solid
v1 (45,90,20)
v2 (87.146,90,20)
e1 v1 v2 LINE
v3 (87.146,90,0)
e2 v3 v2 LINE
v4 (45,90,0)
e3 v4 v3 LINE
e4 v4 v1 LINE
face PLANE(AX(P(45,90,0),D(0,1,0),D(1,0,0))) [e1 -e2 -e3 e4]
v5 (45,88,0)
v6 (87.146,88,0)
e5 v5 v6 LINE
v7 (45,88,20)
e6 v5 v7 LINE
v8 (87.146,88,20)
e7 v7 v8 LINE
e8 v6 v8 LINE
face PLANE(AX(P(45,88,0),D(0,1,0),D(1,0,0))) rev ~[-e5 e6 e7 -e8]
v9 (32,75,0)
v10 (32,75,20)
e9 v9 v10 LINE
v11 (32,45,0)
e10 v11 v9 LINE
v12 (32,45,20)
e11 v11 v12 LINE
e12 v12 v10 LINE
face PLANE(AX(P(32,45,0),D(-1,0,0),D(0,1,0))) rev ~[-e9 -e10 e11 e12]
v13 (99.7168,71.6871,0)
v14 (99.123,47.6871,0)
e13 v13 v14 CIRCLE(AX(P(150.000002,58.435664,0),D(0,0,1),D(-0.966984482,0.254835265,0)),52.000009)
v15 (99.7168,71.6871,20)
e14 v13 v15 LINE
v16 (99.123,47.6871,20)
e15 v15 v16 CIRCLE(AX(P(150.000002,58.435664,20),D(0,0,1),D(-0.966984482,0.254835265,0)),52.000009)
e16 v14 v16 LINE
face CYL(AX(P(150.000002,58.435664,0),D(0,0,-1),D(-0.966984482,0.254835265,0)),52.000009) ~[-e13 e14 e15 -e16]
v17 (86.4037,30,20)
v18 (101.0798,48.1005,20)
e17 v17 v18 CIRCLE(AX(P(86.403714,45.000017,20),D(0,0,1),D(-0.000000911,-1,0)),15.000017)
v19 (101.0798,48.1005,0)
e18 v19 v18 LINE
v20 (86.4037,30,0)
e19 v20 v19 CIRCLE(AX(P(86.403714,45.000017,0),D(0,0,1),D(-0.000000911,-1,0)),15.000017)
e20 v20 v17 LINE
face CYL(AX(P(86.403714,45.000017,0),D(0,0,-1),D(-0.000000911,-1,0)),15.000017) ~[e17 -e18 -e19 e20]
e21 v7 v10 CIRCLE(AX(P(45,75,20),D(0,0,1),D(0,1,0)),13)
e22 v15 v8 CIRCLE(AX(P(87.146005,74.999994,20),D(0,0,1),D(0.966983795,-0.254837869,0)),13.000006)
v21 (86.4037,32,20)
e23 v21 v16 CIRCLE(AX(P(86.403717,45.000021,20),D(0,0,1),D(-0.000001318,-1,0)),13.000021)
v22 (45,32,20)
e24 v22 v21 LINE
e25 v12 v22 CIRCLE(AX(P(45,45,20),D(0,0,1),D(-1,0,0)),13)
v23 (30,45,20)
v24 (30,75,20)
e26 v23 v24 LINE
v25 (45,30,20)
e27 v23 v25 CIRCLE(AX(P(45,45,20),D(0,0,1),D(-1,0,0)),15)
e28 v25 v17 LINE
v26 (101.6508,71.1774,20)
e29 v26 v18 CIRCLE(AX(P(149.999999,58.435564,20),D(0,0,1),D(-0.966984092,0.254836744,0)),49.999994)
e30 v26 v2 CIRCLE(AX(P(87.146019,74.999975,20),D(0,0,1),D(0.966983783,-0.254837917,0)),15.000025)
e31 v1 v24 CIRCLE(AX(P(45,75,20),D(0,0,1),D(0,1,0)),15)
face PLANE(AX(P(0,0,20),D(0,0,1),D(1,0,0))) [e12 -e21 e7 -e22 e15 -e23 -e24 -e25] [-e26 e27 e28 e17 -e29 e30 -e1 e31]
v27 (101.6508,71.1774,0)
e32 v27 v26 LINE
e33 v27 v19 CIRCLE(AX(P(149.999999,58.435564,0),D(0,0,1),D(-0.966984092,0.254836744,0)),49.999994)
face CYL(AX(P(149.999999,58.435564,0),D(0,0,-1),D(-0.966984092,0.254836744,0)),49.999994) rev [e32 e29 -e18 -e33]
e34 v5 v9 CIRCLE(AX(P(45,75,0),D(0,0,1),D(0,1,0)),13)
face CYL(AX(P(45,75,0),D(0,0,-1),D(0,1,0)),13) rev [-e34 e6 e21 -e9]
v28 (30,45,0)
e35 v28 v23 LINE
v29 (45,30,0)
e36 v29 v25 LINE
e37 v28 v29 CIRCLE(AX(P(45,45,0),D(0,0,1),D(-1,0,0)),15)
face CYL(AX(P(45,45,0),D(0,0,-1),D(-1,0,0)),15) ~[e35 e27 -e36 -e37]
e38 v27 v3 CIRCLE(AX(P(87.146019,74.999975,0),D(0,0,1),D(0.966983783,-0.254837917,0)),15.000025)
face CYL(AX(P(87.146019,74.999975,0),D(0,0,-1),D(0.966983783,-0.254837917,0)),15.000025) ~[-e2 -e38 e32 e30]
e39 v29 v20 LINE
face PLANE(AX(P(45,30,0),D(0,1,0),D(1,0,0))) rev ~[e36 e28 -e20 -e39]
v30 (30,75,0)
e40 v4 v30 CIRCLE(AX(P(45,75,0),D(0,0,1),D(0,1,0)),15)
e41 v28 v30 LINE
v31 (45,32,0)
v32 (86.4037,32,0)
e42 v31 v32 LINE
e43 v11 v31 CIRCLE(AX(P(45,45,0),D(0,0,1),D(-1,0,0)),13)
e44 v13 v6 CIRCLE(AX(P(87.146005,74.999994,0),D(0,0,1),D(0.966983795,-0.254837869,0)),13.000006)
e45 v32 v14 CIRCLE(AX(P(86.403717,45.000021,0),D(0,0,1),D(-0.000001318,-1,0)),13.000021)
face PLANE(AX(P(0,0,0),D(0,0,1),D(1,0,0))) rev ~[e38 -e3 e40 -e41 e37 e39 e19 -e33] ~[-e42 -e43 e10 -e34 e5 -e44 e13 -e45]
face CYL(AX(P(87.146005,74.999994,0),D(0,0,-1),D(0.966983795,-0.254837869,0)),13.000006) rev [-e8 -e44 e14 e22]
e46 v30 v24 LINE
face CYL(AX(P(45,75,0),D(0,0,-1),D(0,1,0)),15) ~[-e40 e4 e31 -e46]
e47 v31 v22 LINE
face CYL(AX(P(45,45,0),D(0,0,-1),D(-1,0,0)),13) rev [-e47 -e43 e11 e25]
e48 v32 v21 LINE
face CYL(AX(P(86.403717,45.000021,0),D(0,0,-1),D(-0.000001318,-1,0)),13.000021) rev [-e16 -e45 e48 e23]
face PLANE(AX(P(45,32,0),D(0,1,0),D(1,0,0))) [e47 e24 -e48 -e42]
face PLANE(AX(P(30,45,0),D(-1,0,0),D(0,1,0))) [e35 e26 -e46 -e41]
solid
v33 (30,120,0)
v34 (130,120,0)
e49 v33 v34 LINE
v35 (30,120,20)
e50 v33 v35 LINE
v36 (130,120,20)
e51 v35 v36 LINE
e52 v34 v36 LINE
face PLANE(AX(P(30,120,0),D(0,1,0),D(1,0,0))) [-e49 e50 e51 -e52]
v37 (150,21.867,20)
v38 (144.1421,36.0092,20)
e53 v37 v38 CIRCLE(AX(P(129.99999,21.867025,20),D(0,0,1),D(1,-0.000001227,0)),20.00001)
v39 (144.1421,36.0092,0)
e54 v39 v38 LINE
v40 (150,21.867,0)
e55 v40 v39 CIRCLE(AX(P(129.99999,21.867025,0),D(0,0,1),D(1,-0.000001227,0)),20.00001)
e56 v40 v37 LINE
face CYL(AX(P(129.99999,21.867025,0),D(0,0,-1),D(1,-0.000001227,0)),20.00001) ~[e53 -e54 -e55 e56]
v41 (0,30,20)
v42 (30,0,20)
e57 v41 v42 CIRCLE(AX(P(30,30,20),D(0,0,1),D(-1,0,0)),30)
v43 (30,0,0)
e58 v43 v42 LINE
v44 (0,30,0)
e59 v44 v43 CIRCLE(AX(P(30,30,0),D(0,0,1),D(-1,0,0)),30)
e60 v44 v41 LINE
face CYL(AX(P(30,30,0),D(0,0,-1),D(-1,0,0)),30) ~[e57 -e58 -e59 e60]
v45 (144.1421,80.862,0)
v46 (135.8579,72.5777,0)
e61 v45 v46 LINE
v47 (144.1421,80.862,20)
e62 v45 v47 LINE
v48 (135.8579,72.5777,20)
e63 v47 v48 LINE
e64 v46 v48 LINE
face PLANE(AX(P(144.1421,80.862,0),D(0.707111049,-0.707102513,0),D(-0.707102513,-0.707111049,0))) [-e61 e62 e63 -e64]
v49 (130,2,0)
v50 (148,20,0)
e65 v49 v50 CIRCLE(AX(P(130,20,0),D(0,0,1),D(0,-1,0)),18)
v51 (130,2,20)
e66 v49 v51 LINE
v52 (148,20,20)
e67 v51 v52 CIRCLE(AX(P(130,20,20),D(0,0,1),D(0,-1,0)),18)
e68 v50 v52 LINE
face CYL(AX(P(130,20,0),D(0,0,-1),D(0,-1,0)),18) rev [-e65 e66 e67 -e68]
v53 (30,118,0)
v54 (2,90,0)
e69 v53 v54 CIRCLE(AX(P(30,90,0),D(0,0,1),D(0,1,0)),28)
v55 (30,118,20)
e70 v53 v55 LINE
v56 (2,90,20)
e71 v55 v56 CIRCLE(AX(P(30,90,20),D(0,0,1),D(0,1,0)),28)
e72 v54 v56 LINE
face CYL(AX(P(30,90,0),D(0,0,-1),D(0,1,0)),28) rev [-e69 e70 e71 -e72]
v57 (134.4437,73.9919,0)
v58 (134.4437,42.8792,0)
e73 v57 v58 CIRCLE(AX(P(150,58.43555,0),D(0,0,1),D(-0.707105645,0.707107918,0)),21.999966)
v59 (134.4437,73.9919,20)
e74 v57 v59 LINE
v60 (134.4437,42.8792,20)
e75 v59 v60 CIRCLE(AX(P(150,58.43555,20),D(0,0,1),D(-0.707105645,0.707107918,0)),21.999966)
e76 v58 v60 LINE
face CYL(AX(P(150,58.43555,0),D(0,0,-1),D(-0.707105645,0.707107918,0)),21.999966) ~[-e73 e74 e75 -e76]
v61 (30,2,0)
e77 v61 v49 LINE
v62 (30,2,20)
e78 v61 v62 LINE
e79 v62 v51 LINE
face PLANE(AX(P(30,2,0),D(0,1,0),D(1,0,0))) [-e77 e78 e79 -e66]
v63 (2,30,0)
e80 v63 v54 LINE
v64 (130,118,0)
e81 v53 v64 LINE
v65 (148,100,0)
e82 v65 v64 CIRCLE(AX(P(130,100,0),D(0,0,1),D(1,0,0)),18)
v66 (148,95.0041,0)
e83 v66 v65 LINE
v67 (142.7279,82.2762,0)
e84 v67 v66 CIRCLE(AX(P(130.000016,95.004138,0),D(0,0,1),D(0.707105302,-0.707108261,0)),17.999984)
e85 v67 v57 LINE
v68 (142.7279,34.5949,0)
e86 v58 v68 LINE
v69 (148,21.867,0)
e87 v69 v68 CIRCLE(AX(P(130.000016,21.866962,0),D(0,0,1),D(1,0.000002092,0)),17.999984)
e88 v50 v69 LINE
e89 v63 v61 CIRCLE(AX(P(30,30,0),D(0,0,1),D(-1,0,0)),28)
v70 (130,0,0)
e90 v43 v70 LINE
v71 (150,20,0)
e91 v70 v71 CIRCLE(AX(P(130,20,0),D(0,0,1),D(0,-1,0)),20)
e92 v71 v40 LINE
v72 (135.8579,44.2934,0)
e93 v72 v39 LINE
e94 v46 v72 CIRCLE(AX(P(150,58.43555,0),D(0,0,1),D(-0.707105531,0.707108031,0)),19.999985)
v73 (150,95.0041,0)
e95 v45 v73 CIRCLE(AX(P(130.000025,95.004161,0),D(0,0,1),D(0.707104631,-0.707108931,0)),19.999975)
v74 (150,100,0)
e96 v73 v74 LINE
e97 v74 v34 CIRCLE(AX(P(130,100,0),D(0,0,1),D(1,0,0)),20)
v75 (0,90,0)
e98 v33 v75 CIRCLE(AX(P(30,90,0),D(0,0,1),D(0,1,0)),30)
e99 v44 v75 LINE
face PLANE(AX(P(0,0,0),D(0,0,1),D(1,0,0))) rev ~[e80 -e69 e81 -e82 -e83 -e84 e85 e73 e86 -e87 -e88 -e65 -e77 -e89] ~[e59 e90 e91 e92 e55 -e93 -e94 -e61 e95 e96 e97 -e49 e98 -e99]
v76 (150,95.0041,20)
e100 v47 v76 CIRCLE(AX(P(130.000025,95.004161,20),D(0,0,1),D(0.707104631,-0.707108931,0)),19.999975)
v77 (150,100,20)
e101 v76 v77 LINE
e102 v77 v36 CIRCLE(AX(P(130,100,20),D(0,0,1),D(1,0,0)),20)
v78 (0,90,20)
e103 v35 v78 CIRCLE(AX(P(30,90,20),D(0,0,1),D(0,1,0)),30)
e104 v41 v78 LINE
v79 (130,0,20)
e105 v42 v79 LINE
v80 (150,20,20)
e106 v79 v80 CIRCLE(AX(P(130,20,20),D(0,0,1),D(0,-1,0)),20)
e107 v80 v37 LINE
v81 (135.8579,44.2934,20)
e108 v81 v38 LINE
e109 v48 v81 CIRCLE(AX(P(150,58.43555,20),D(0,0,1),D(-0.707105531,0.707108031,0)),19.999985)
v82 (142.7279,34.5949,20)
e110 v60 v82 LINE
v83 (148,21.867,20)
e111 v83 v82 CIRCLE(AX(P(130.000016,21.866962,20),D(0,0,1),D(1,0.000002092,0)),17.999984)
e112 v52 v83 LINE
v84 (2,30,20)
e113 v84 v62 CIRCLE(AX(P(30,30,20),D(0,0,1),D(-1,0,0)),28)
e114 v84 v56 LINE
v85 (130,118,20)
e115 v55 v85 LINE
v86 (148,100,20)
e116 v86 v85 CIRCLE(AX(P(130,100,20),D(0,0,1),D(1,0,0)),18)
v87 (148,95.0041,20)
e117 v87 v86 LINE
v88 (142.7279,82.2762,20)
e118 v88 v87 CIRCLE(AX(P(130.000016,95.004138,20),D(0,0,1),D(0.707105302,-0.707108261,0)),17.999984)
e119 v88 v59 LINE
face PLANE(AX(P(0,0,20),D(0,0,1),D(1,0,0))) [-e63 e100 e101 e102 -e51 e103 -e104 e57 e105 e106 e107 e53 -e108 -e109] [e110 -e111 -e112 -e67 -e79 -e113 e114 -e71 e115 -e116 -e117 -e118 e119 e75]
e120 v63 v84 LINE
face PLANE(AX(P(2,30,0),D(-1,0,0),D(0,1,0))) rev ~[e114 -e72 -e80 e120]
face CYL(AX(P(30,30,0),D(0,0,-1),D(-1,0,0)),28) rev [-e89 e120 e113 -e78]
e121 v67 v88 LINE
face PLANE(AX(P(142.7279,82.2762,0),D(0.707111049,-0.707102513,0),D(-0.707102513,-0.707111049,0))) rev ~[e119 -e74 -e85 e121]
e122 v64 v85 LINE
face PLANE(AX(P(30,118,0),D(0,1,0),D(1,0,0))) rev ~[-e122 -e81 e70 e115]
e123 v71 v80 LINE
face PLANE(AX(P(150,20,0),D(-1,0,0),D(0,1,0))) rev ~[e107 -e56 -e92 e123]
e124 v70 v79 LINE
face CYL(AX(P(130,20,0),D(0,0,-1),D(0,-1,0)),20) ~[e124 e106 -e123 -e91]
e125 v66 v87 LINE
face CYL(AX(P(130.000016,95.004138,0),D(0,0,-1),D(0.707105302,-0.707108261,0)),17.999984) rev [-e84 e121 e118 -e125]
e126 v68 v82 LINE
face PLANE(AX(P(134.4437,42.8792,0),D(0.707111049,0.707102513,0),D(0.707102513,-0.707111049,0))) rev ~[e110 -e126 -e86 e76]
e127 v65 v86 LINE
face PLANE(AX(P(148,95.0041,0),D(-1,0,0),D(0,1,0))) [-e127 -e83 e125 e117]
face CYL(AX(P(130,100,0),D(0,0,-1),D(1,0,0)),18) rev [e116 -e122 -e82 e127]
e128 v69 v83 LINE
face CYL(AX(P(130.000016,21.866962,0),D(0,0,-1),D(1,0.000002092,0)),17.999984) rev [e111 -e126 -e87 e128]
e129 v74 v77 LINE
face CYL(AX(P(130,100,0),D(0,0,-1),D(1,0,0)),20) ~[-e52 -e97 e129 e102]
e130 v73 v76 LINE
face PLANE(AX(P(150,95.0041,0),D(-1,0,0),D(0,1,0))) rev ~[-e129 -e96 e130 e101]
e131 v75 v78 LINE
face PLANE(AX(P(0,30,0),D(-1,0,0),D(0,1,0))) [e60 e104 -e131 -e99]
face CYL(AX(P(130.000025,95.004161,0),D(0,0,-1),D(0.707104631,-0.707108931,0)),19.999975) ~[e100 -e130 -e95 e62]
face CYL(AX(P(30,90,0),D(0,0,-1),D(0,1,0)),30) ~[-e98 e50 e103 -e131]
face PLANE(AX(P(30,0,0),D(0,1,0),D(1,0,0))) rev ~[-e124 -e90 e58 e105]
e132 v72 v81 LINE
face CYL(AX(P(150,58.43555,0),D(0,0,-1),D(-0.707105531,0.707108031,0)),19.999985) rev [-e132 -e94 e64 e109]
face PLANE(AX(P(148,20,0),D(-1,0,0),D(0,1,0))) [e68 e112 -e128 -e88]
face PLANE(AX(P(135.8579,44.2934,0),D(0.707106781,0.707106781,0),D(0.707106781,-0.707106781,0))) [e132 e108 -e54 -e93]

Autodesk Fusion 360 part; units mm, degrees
sketch "草图1" plane through (0, 0, 0) normal (0, 0, 1) x (1, 0, 0)
  line L0 (0, 30) -> (0, 90)
  line L1 (30, 120) -> (130, 120)
  arc A0 (30, 120) -> (0, 90) centre (30, 90) ccw
  line L2 (30, 0) -> (130, 0)
  line L3 (144.1421, 80.862) -> (135.8579, 72.5777)
  line L4 (135.8579, 44.2934) -> (144.1421, 36.0092)
  line L5 (121.7157, 58.4356) -> (150, 58.4356) construction
  arc A1 (150, 100) -> (130, 120) centre (130, 100) ccw
  line L6 (150, 20) -> (150, 21.867)
  line L7 (150, 95.0041) -> (150, 100)
  arc A2 (144.1421, 80.862) -> (150, 95.0041) centre (130, 95.0041) ccw
  arc A3 (135.8579, 72.5777) -> (135.8579, 44.2934) centre (150, 58.4356) ccw
  arc A4 (150, 21.867) -> (144.1421, 36.0092) centre (130, 21.867) ccw
  arc A5 (130, 0) -> (150, 20) centre (130, 20) ccw
  arc A6 (0, 30) -> (30, 0) centre (30, 30) ccw
  arc A7 (148, 100) -> (130, 118) centre (130, 100) ccw
  line L8 (30, 118) -> (130, 118)
  arc A8 (30, 118) -> (2, 90) centre (30, 90) ccw
  line L9 (2, 30) -> (2, 90)
  arc A9 (2, 30) -> (30, 2) centre (30, 30) ccw
  line L10 (30, 2) -> (130, 2)
  arc A10 (130, 2) -> (148, 20) centre (130, 20) ccw
  line L11 (148, 20) -> (148, 21.867)
  arc A11 (148, 21.867) -> (142.7279, 34.5949) centre (130, 21.867) ccw
  line L12 (134.4437, 42.8792) -> (142.7279, 34.5949)
  arc A12 (134.4437, 73.9919) -> (134.4437, 42.8792) centre (150, 58.4356) ccw
  line L13 (142.7279, 82.2762) -> (134.4437, 73.9919)
  arc A13 (142.7279, 82.2762) -> (148, 95.0041) centre (130, 95.0041) ccw
  line L14 (148, 95.0041) -> (148, 100)
  line L15 (30, 45) -> (30, 75)
  line L16 (45, 90) -> (87.146, 90)
  arc A14 (101.6508, 71.1774) -> (101.0798, 48.1005) centre (150, 58.4356) ccw
  line L17 (45, 30) -> (86.4037, 30)
  arc A15 (45, 90) -> (30, 75) centre (45, 75) ccw
  arc A16 (30, 45) -> (45, 30) centre (45, 45) ccw
  arc A17 (86.4037, 30) -> (101.0798, 48.1005) centre (86.4037, 45) ccw
  arc A18 (101.6508, 71.1774) -> (87.146, 90) centre (87.146, 75) ccw
  line L18 (130, 100) -> (130, 20) construction
  arc A19 (99.7168, 71.6871) -> (87.146, 88) centre (87.146, 75) ccw
  line L19 (45, 88) -> (87.146, 88)
  arc A20 (45, 88) -> (32, 75) centre (45, 75) ccw
  line L20 (32, 45) -> (32, 75)
  arc A21 (32, 45) -> (45, 32) centre (45, 45) ccw
  line L21 (45, 32) -> (86.4037, 32)
  arc A22 (86.4037, 32) -> (99.123, 47.6871) centre (86.4037, 45) ccw
  arc A23 (99.7168, 71.6871) -> (99.123, 47.6871) centre (150, 58.4356) ccw
  point P0 (0, 120)
  point P1 (150, 120)
  point P2 (150, 86.7198)
  point P3 (150, 30.1513)
  point P4 (150, 58.4356)
  dimension "d3" = 120
  dimension "d4" = 150
  dimension "d5" = 30
  dimension "d6" = 90
  dimension "d7" = 40
  dimension "d8" = 40
  dimension "d9" = 20
  dimension "d10" = 20
  dimension "d11" = 20
  dimension "d12" = 20
  dimension "d13" = 30
  dimension "d14" = 2
  dimension "d16" = 15
  dimension "d17" = 15
  dimension "d18" = 20
  dimension "d19" = 41.5644
  dimension "d20" = 2
extrude "拉伸1" add sketch "草图1" along normal blind 20 makes body 1 at (63.3333, 120, 6.6667) makes body 2 at (59.0487, 90, 13.3333)
